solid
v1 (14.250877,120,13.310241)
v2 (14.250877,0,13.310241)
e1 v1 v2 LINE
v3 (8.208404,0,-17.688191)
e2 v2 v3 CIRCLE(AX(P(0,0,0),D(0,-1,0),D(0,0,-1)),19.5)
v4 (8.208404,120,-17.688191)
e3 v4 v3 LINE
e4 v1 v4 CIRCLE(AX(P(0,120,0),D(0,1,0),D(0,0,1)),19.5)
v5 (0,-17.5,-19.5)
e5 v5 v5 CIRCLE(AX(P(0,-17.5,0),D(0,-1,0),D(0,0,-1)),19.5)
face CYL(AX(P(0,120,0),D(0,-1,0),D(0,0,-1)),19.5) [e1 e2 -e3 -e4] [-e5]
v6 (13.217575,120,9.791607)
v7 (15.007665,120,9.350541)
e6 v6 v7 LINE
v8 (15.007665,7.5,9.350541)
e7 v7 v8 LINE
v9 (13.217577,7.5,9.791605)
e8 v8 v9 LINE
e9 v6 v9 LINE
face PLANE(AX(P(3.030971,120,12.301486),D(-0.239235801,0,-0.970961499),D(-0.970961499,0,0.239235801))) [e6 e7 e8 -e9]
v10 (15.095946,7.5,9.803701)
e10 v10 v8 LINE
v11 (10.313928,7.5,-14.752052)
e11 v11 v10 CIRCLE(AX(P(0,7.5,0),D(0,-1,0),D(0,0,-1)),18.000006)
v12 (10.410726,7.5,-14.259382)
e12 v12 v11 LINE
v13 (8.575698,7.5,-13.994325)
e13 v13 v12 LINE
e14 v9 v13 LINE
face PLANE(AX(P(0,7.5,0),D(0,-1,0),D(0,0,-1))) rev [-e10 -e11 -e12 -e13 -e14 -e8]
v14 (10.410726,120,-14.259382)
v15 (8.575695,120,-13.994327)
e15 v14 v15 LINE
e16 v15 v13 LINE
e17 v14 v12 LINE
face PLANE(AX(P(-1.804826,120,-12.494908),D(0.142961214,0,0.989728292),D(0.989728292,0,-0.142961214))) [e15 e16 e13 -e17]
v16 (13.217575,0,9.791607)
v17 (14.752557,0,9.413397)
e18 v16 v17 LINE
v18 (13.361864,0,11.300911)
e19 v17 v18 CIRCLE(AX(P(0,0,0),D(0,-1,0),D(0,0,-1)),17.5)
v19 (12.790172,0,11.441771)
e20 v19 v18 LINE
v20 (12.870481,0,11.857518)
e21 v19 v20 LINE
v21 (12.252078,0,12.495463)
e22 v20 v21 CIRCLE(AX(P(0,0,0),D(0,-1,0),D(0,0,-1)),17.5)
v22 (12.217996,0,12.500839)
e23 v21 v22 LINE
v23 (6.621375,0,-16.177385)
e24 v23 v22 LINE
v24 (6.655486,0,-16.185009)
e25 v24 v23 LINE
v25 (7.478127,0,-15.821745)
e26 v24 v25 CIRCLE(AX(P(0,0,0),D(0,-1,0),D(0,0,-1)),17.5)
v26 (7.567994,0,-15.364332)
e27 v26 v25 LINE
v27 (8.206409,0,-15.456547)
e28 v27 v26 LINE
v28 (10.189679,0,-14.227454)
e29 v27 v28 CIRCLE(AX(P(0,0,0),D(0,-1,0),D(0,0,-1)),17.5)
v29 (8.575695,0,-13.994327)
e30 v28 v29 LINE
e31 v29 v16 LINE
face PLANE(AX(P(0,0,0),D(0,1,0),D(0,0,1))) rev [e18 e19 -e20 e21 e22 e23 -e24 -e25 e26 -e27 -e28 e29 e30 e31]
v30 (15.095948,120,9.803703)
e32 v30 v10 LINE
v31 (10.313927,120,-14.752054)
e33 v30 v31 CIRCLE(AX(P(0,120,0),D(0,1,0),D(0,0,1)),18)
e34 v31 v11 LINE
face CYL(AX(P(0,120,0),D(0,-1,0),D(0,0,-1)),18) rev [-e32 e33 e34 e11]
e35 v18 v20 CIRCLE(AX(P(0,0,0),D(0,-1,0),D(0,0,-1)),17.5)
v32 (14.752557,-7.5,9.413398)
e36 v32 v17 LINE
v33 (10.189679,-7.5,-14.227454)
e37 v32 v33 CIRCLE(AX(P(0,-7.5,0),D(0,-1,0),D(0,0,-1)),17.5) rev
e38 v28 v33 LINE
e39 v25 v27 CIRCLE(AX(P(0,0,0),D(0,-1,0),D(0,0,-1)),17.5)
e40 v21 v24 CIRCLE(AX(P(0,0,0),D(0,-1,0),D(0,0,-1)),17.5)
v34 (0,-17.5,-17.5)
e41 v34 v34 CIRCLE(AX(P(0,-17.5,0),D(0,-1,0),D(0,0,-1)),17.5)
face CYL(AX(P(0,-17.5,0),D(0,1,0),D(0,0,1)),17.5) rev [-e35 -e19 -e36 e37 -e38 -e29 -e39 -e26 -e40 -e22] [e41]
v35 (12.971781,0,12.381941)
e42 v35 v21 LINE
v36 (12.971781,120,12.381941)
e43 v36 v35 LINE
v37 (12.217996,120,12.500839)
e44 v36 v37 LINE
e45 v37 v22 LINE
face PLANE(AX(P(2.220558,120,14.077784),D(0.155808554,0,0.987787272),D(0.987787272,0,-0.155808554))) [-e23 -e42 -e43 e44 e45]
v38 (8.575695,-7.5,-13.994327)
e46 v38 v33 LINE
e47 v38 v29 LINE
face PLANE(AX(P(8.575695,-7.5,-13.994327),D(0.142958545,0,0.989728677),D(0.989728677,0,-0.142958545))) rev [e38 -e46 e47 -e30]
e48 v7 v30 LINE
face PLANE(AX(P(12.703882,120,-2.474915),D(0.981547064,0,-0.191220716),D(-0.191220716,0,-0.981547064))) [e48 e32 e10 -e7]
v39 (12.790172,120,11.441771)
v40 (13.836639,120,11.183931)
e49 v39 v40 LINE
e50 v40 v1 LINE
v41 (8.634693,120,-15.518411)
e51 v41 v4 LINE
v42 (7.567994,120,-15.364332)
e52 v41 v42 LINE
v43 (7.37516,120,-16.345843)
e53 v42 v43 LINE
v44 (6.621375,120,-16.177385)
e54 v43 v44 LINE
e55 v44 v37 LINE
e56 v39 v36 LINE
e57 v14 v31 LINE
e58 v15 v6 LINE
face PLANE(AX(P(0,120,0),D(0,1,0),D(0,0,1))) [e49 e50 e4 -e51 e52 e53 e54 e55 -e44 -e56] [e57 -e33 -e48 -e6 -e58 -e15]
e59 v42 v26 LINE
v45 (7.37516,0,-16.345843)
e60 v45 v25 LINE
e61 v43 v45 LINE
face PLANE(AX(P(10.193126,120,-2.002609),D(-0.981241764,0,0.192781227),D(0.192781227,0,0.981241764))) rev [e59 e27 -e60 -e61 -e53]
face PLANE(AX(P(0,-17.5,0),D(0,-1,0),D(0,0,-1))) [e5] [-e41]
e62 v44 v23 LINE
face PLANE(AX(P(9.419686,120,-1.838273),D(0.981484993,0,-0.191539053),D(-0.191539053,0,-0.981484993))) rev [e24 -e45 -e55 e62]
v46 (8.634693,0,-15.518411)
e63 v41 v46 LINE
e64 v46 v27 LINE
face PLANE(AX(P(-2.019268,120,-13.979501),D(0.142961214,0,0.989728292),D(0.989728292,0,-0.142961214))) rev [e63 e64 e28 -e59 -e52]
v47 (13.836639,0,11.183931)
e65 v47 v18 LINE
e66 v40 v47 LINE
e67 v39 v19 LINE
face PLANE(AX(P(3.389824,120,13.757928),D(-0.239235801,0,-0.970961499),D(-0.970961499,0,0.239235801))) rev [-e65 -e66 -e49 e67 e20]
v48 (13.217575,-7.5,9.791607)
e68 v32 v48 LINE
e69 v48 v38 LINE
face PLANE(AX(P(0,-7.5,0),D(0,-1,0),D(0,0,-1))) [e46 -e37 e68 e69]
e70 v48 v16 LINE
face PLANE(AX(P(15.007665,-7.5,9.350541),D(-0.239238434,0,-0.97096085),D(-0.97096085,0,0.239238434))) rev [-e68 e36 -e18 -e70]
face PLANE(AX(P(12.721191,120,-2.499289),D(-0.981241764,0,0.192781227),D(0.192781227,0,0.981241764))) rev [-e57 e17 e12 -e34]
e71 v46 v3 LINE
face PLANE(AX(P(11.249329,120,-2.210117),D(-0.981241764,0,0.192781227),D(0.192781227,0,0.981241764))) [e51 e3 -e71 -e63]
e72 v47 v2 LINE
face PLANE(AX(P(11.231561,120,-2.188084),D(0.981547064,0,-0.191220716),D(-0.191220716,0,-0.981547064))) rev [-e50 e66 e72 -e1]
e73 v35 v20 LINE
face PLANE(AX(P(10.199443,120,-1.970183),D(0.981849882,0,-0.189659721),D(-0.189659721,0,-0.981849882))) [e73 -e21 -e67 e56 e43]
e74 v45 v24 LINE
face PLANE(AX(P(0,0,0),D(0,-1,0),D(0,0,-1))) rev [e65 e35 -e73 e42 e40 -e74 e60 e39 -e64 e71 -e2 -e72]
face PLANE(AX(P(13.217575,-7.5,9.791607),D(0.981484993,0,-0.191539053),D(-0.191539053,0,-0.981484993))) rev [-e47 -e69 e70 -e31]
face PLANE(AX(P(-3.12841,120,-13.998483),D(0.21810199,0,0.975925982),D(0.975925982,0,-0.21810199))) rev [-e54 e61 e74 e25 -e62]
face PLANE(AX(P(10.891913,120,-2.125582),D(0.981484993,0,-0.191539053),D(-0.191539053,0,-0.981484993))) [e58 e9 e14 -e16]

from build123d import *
from build123d.topology import SkipClean

# Parameters (mm, degrees)
BOSS_EXTRUDE1_DEPTH = 120
BOSS_EXTRUDE3_DEPTH = 7.5
BOSS_EXTRUDE2_START = 17.5
SKETCH26_R          = 19.5
SKETCH26_R_2        = 17.5
BOSS_EXTRUDE2_DEPTH = 17.5


with BuildPart() as part:
    # Sketch12 → Boss-Extrude1 (new body)
    with BuildSketch(Plane(origin=(0, 0, 0), x_dir=(1, 0, 0), z_dir=(0, 1, 0))):
        with BuildLine():
            Line((13.836638735, -11.183931196), (14.250877044, -13.310240549))
            ThreePointArc((14.250877044, -13.310240549), (19.139762737, 3.730882249), (8.20840412, 17.688191027))
            Line((8.20840412, 17.688191027), (8.634693417, 15.51841097))
            Line((8.634693417, 15.51841097), (7.567993782, 15.364331637))
            Line((7.567993782, 15.364331637), (7.375159644, 16.345842711))
            Line((7.375159644, 16.345842711), (6.621374847, 16.1773853))
            Line((6.621374847, 16.1773853), (12.217996211, -12.500838715))
            Line((12.217996211, -12.500838715), (12.971781009, -12.381940525))
            Line((12.971781009, -12.381940525), (12.790172439, -11.44177067))
            Line((12.790172439, -11.44177067), (13.836638735, -11.183931196))
        make_face()
        with BuildLine():
            ThreePointArc((15.095946542, -9.80369308), (17.668094122, 3.440704885), (10.313934488, 14.752042414))
            Line((10.313934488, 14.752042414), (10.410725736, 14.259382331))
            Line((10.410725736, 14.259382331), (8.575701021, 13.994322351))
            Line((8.575701021, 13.994322351), (13.217578727, -9.79160134))
            Line((13.217578727, -9.79160134), (15.007665389, -9.350540786))
            Line((15.007665389, -9.350540786), (15.095946542, -9.80369308))
        make_face(mode=Mode.SUBTRACT)
    extrude(amount=BOSS_EXTRUDE1_DEPTH)

    # Sketch28 → Boss-Extrude3 (add, symmetric)
    with BuildSketch(Plane.XZ):
        with BuildLine():
            Line((10.410725736, -14.259382331), (10.313927689, -14.752054328))
            ThreePointArc((10.313927689, -14.752054328), (17.668099364, -3.44070867), (15.095947667, 9.803702123))
            Line((15.095947667, 9.803702123), (15.007665389, 9.350540786))
            Line((15.007665389, 9.350540786), (13.217574825, 9.791607451))
            Line((13.217574825, 9.791607451), (8.575695107, -13.994326549))
            Line((8.575695107, -13.994326549), (10.410725736, -14.259382331))
        make_face()
    extrude(amount=BOSS_EXTRUDE3_DEPTH, both=True)

    # Sketch26 → Boss-Extrude2 (add)
    with SkipClean():  # the faces are left unmerged after this step: merging them gives an invalid solid
        with BuildSketch(Plane.XZ.offset(BOSS_EXTRUDE2_START)):
            with Locations(Location((0, 0, 0), (0, 0, 270))):
                Circle(SKETCH26_R)
            with Locations(Location((0, 0, 0), (0, 0, 45.563469932))):
                Circle(SKETCH26_R_2, mode=Mode.SUBTRACT)
        extrude(amount=-BOSS_EXTRUDE2_DEPTH)


solid = part.part
